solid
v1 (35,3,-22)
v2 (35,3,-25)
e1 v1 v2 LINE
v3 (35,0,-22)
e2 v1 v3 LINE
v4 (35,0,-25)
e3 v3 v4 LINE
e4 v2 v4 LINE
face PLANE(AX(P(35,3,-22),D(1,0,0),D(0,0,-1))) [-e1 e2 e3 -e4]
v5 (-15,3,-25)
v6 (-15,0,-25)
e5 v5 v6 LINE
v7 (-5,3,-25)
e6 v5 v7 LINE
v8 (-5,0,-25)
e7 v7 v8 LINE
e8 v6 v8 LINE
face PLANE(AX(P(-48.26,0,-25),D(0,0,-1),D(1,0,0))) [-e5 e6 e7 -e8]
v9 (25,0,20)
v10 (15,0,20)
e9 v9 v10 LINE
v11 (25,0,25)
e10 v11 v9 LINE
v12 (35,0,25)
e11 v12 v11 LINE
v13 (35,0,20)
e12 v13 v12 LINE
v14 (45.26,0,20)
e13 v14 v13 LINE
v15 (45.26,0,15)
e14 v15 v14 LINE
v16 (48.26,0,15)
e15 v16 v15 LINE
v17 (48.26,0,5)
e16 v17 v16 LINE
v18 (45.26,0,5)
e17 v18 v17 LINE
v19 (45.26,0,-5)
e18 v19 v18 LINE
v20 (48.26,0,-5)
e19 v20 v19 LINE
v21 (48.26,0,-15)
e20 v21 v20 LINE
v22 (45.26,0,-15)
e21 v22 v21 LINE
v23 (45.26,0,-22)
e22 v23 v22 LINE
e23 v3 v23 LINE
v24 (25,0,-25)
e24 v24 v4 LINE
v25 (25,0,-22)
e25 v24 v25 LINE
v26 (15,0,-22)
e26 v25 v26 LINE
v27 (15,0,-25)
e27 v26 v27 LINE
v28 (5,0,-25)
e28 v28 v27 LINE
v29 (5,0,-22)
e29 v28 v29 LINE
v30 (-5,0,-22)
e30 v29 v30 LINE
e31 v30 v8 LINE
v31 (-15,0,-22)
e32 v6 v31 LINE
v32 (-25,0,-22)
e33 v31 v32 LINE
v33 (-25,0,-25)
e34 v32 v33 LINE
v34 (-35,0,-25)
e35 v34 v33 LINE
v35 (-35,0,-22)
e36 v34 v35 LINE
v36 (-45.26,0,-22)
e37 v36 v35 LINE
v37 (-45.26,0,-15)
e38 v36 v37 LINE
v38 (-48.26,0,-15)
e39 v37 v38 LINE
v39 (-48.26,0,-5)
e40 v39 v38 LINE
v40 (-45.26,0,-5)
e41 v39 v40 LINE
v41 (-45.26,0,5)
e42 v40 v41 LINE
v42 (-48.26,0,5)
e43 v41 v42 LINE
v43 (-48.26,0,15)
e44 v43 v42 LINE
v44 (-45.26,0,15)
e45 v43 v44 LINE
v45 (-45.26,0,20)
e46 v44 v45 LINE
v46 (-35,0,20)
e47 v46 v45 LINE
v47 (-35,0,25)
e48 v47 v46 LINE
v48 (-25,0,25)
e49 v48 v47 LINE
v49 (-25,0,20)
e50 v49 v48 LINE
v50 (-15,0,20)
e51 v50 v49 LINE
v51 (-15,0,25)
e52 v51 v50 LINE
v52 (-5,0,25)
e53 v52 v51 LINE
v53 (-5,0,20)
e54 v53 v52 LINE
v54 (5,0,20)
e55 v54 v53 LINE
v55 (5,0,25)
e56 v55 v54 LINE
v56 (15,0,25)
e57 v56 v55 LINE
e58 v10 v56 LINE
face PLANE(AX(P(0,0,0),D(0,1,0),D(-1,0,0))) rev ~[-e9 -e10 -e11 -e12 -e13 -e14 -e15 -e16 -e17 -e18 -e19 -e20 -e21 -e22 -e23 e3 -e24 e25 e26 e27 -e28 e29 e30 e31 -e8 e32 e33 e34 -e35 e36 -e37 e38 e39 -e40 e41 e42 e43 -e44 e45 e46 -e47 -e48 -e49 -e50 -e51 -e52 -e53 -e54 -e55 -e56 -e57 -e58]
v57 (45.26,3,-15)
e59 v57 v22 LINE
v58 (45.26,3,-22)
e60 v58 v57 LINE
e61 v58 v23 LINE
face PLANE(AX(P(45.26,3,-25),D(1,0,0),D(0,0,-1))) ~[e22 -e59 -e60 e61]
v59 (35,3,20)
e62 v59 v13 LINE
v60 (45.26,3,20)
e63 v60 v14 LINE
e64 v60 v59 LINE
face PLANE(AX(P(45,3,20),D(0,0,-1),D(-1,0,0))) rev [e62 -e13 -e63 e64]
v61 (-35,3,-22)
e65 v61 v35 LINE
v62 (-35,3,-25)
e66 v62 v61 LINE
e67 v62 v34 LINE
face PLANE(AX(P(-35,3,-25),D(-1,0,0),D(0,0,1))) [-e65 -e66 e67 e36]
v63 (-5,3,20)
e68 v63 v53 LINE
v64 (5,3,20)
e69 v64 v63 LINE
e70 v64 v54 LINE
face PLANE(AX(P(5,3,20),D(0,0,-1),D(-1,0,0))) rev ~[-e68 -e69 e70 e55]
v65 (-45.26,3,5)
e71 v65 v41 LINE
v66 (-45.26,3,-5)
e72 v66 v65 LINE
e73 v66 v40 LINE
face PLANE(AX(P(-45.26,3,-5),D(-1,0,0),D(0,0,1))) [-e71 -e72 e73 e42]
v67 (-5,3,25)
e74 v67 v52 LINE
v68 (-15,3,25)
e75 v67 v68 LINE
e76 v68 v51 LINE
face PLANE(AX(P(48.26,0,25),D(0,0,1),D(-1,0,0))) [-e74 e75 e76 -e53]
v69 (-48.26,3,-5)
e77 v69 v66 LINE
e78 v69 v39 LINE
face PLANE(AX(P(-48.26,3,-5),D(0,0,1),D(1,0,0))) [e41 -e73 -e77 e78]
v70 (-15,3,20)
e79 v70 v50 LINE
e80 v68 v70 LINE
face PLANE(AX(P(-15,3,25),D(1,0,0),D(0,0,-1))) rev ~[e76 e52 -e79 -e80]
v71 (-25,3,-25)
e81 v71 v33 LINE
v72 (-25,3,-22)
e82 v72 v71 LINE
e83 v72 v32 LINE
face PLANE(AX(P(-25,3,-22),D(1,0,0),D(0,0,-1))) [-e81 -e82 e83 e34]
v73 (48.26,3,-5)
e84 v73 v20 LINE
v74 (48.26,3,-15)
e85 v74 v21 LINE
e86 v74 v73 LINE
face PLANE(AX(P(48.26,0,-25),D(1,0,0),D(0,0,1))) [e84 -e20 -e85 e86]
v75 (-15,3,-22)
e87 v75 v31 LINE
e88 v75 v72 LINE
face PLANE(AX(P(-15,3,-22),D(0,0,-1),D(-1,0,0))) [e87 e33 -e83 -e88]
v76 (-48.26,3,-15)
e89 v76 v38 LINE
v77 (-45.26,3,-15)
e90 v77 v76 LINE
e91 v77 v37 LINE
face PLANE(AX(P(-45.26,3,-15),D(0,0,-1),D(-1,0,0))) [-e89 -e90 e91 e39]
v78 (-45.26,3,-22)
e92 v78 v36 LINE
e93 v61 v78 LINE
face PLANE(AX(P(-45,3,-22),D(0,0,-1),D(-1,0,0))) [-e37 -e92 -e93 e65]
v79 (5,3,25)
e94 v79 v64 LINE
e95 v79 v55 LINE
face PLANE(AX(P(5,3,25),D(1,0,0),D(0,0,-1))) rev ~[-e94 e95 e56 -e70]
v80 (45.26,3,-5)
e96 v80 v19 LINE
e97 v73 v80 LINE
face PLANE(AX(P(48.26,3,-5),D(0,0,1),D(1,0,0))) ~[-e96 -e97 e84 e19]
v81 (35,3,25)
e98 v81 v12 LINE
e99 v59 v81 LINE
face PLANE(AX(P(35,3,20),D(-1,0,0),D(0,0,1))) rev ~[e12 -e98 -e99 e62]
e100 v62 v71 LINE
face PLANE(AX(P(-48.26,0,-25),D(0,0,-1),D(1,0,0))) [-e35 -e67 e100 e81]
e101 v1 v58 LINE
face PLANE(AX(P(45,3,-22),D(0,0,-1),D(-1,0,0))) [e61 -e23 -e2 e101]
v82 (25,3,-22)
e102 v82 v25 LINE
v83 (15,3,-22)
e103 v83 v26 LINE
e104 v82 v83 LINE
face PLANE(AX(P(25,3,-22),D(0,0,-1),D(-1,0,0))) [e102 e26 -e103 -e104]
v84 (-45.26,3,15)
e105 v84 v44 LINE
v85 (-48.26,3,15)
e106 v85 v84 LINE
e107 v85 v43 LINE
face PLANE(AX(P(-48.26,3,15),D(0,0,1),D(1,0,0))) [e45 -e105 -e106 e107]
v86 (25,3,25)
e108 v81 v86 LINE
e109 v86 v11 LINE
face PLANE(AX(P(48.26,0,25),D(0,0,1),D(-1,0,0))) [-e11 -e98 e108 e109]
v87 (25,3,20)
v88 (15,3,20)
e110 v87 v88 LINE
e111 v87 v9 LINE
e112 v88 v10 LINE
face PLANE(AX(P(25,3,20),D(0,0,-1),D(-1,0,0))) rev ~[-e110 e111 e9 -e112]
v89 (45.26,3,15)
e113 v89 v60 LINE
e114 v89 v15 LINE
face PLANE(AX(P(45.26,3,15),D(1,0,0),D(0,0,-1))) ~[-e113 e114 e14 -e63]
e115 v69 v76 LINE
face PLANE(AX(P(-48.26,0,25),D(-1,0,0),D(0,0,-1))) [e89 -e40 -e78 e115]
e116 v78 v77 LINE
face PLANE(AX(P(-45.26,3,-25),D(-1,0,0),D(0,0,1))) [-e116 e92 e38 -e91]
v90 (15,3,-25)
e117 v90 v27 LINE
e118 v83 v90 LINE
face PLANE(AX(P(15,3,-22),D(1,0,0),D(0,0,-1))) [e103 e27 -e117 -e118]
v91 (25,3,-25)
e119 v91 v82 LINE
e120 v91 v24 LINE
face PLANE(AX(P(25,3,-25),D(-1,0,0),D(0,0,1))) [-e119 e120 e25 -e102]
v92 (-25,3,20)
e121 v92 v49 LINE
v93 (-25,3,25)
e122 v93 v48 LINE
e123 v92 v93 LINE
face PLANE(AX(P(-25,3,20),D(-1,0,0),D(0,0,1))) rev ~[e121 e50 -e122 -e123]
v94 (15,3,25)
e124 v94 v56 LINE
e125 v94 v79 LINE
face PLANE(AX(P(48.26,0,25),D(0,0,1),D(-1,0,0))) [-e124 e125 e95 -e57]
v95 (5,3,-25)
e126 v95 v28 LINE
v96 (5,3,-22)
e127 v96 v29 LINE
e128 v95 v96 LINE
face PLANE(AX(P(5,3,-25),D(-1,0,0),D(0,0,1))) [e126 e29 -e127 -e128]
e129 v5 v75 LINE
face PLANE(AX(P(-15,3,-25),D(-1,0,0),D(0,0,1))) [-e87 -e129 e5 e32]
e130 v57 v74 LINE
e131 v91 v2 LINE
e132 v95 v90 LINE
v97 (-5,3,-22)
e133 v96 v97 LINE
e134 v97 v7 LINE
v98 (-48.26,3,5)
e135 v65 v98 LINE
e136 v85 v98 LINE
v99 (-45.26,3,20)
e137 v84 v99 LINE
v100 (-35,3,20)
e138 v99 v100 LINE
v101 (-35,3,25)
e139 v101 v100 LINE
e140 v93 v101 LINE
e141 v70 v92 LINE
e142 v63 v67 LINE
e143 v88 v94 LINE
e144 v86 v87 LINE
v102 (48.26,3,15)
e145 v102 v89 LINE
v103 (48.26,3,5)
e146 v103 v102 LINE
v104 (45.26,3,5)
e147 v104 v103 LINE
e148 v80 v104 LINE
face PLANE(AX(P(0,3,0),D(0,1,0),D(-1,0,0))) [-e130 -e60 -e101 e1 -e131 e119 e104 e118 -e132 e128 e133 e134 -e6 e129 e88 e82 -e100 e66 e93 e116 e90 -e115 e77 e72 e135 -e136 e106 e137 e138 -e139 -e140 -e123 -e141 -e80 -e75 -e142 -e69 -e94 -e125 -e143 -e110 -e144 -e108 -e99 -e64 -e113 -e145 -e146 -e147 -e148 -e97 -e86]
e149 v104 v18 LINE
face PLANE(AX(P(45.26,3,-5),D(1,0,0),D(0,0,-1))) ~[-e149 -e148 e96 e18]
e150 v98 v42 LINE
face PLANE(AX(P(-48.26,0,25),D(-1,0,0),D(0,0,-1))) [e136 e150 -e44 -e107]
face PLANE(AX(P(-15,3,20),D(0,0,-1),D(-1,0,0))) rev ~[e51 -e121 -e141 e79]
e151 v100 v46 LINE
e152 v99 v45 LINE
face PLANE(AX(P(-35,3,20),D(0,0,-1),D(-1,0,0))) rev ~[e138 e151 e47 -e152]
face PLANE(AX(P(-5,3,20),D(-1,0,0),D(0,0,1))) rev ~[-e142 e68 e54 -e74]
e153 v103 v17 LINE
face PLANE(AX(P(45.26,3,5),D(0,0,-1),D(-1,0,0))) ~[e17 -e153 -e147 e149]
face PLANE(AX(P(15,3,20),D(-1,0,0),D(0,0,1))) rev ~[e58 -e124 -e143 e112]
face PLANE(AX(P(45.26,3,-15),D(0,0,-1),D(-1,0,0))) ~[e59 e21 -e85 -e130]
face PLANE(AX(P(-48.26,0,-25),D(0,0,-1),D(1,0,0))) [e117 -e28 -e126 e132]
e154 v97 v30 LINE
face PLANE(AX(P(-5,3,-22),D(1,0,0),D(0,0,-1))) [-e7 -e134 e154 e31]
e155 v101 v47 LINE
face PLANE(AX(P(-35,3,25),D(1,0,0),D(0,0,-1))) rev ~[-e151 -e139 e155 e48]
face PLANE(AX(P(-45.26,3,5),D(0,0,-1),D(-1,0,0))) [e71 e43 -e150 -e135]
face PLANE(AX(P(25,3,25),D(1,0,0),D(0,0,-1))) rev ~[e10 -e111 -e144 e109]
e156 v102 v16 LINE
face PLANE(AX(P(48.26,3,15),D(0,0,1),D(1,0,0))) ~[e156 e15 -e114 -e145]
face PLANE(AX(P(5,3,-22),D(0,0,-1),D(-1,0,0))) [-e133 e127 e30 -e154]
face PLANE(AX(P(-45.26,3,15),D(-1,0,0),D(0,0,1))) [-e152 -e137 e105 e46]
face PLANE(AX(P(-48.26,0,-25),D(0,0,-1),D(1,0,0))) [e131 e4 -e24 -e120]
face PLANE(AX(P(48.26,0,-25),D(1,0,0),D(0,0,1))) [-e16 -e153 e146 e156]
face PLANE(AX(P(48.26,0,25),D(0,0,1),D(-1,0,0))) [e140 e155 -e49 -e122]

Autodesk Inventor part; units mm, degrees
ref_plane "YZ Plane" through (0, 0, 0) normal (1, 0, 0) x (0, 1, 0)
ref_plane "XZ Plane" through (0, 0, 0) normal (0, 1, 0) x (-1, 0, 0)
ref_plane "XY Plane" through (0, 0, 0) normal (0, 0, 1) x (1, 0, 0)
sketch "Sketch1" plane through (0, 0, 0) normal (0, 1, 0) x (-1, 0, 0)
  line L0 (-48.26, 25) -> (48.26, 25)
  line L1 (48.26, 25) -> (48.26, -25)
  line L2 (48.26, -25) -> (-48.26, -25)
  line L3 (-48.26, -25) -> (-48.26, 25)
  line L4 (-48.26, 25) -> (48.26, -25) construction
  line L5 (48.26, 25) -> (-48.26, -25) construction
  point P0 (0, 0)
  dimension "d0" = 96.52
  dimension "d1" = 50
extrude "Extrusion1" add sketch "Sketch1" along normal blind 3
sketch "Sketch2" plane through (0, 3, 0) normal (0, 1, 0) x (1, 0, 0)
  line L0 (48.26, 25) -> (-48.26, 25) construction
  line L1 (-5, 25) -> (5, 25)
  line L2 (5, 25) -> (5, 22)
  line L3 (5, 22) -> (-5, 22)
  line L4 (-5, 22) -> (-5, 25)
  line L5 (0, 35) -> (0, -35) construction
  point P0 (0, 0)
  dimension "d4" = 10
  dimension "d5" = 3
extrude "Extrusion2" cut sketch "Sketch2" against normal blind 3
pattern_linear "Rectangular Pattern1" count 3 spacing 20 along (-1, 0, 0) count 2 spacing 40 along (1, 0, 0) of "Extrusion2"
sketch "Sketch3" plane through (0, 3, 0) normal (0, 1, 0) x (1, 0, 0)
  line L0 (-48.26, -25) -> (48.26, -25) construction
  line L1 (-5, -25) -> (5, -25)
  line L2 (5, -25) -> (5, -20)
  line L3 (5, -20) -> (-5, -20)
  line L4 (-5, -20) -> (-5, -25)
  line L5 (0, 35) -> (0, -35) construction
  point P0 (0, 0)
  dimension "d14" = 10
  dimension "d15" = 5
extrude "Extrusion3" cut sketch "Sketch3" against normal through all
pattern_linear "Rectangular Pattern2" count 3 spacing 20 along (-1, 0, 0) count 2 spacing 40 along (1, 0, 0) of "Extrusion3"
sketch "Sketch4" plane through (0, 3, 0) normal (0, 1, 0) x (1, 0, 0)
  line L0 (-48.26, 25) -> (-48.26, -25) construction
  line L1 (-48.26, -25) -> (-48.26, 25) construction
  line L2 (-48.26, 5) -> (-45.26, 5)
  line L3 (-45.26, 5) -> (-45.26, -5)
  line L4 (-45.26, -5) -> (-48.26, -5)
  line L5 (-48.26, -5) -> (-48.26, 5)
  line L6 (67.564, 0) -> (-67.564, 0) construction
  point P0 (0, 0)
  dimension "d24" = 3
  dimension "d25" = 10
extrude "Extrusion4" cut sketch "Sketch4" against normal through all
pattern_linear "Rectangular Pattern3" count 2 spacing 20 along (0, 0, -1) count 2 spacing 40 along (0, 0, 1) of "Extrusion4"
mirror "Mirror1" about plane through (0, 0, 0) normal (1, 0, 0) of "Extrusion4", "Rectangular Pattern3"
sketch "Sketch5" plane through (0, 3, 0) normal (0, 1, 0) x (1, 0, 0)
  line L0 (-45, 22) -> (-35, 22) construction
  line L1 (-45.26, 25) -> (-45.26, 15) construction
  line L2 (-45, 22) -> (-45.26, 22)
  line L3 (-45.26, 22) -> (-45.26, 25)
  line L4 (-45.26, 25) -> (-45, 25)
  line L5 (-45, 25) -> (-45, 22)
  line L6 (-45, -25) -> (-45, -20) projected
  line L7 (-45.26, -25) -> (-45, -25) projected
  line L8 (-45, -20) -> (-45.26, -20)
  line L9 (-45.26, -20) -> (-45.26, -25)
  line L10 (-45.26, -25) -> (-45, -25)
  line L11 (-45, -25) -> (-45, -20)
  point P0 (0, 0)
extrude "Extrusion5" cut sketch "Sketch5" against normal through all
mirror "Mirror2" about plane through (0, 0, 0) normal (1, 0, 0) of "Extrusion5"
equation "\"d0\" = Module_Width"
equation "\"d1\" = Module_Depth"
equation "\"d2\" = Module_Case_Thickness"
equation "\"d4\" = Module_Case_SlotWidth"
equation "\"d5\" = Module_Case_SlotDepth"
equation "\"d6\" = Module_Case_Thickness"
equation "\"d10\" = 2 * Module_Case_SlotWidth"
equation "\"d13\" = 4 * Module_Case_SlotWidth"
equation "\"d14\" = Module_Case_SlotWidth"
equation "\"d15\" = Module_Case_BottomSlotDepth"
equation "\"d16\" = Module_Case_Thickness"
equation "\"d20\" = 2 * Module_Case_SlotWidth"
equation "\"d23\" = 4 * Module_Case_SlotWidth"
equation "\"d24\" = Module_Case_SlotDepth"
equation "\"d25\" = Module_Case_SlotWidth"
equation "\"d26\" = Module_Case_Thickness"
equation "\"d30\" = 2 * Module_Case_SlotWidth"
equation "\"d33\" = 4 * Module_Case_SlotWidth"
equation "\"RackWidth\" = 482.6"
equation "\"U\" = 44.5"
equation "\"Module_Width\" = 96.52"
equation "\"Module_Height\" = 89"
equation "\"Module_Depth\" = 50"
equation "\"Module_Case_Thickness\" = 3"
equation "\"Module_Back_Thickness\" = 5"
equation "\"Module_Case_SlotDepth\" = 3"
equation "\"Module_Case_BottomSlotDepth\" = 5"
equation "\"Module_Case_SlotWidth\" = 10"
equation "\"Module_Connector_Width\" = 6"
equation "\"Module_Connector_Depth\" = 4"
equation "\"Module_StatusIndicatorDiameter\" = 5"
properties part number "TopBottomPlate" material "Wood (Birch)"
